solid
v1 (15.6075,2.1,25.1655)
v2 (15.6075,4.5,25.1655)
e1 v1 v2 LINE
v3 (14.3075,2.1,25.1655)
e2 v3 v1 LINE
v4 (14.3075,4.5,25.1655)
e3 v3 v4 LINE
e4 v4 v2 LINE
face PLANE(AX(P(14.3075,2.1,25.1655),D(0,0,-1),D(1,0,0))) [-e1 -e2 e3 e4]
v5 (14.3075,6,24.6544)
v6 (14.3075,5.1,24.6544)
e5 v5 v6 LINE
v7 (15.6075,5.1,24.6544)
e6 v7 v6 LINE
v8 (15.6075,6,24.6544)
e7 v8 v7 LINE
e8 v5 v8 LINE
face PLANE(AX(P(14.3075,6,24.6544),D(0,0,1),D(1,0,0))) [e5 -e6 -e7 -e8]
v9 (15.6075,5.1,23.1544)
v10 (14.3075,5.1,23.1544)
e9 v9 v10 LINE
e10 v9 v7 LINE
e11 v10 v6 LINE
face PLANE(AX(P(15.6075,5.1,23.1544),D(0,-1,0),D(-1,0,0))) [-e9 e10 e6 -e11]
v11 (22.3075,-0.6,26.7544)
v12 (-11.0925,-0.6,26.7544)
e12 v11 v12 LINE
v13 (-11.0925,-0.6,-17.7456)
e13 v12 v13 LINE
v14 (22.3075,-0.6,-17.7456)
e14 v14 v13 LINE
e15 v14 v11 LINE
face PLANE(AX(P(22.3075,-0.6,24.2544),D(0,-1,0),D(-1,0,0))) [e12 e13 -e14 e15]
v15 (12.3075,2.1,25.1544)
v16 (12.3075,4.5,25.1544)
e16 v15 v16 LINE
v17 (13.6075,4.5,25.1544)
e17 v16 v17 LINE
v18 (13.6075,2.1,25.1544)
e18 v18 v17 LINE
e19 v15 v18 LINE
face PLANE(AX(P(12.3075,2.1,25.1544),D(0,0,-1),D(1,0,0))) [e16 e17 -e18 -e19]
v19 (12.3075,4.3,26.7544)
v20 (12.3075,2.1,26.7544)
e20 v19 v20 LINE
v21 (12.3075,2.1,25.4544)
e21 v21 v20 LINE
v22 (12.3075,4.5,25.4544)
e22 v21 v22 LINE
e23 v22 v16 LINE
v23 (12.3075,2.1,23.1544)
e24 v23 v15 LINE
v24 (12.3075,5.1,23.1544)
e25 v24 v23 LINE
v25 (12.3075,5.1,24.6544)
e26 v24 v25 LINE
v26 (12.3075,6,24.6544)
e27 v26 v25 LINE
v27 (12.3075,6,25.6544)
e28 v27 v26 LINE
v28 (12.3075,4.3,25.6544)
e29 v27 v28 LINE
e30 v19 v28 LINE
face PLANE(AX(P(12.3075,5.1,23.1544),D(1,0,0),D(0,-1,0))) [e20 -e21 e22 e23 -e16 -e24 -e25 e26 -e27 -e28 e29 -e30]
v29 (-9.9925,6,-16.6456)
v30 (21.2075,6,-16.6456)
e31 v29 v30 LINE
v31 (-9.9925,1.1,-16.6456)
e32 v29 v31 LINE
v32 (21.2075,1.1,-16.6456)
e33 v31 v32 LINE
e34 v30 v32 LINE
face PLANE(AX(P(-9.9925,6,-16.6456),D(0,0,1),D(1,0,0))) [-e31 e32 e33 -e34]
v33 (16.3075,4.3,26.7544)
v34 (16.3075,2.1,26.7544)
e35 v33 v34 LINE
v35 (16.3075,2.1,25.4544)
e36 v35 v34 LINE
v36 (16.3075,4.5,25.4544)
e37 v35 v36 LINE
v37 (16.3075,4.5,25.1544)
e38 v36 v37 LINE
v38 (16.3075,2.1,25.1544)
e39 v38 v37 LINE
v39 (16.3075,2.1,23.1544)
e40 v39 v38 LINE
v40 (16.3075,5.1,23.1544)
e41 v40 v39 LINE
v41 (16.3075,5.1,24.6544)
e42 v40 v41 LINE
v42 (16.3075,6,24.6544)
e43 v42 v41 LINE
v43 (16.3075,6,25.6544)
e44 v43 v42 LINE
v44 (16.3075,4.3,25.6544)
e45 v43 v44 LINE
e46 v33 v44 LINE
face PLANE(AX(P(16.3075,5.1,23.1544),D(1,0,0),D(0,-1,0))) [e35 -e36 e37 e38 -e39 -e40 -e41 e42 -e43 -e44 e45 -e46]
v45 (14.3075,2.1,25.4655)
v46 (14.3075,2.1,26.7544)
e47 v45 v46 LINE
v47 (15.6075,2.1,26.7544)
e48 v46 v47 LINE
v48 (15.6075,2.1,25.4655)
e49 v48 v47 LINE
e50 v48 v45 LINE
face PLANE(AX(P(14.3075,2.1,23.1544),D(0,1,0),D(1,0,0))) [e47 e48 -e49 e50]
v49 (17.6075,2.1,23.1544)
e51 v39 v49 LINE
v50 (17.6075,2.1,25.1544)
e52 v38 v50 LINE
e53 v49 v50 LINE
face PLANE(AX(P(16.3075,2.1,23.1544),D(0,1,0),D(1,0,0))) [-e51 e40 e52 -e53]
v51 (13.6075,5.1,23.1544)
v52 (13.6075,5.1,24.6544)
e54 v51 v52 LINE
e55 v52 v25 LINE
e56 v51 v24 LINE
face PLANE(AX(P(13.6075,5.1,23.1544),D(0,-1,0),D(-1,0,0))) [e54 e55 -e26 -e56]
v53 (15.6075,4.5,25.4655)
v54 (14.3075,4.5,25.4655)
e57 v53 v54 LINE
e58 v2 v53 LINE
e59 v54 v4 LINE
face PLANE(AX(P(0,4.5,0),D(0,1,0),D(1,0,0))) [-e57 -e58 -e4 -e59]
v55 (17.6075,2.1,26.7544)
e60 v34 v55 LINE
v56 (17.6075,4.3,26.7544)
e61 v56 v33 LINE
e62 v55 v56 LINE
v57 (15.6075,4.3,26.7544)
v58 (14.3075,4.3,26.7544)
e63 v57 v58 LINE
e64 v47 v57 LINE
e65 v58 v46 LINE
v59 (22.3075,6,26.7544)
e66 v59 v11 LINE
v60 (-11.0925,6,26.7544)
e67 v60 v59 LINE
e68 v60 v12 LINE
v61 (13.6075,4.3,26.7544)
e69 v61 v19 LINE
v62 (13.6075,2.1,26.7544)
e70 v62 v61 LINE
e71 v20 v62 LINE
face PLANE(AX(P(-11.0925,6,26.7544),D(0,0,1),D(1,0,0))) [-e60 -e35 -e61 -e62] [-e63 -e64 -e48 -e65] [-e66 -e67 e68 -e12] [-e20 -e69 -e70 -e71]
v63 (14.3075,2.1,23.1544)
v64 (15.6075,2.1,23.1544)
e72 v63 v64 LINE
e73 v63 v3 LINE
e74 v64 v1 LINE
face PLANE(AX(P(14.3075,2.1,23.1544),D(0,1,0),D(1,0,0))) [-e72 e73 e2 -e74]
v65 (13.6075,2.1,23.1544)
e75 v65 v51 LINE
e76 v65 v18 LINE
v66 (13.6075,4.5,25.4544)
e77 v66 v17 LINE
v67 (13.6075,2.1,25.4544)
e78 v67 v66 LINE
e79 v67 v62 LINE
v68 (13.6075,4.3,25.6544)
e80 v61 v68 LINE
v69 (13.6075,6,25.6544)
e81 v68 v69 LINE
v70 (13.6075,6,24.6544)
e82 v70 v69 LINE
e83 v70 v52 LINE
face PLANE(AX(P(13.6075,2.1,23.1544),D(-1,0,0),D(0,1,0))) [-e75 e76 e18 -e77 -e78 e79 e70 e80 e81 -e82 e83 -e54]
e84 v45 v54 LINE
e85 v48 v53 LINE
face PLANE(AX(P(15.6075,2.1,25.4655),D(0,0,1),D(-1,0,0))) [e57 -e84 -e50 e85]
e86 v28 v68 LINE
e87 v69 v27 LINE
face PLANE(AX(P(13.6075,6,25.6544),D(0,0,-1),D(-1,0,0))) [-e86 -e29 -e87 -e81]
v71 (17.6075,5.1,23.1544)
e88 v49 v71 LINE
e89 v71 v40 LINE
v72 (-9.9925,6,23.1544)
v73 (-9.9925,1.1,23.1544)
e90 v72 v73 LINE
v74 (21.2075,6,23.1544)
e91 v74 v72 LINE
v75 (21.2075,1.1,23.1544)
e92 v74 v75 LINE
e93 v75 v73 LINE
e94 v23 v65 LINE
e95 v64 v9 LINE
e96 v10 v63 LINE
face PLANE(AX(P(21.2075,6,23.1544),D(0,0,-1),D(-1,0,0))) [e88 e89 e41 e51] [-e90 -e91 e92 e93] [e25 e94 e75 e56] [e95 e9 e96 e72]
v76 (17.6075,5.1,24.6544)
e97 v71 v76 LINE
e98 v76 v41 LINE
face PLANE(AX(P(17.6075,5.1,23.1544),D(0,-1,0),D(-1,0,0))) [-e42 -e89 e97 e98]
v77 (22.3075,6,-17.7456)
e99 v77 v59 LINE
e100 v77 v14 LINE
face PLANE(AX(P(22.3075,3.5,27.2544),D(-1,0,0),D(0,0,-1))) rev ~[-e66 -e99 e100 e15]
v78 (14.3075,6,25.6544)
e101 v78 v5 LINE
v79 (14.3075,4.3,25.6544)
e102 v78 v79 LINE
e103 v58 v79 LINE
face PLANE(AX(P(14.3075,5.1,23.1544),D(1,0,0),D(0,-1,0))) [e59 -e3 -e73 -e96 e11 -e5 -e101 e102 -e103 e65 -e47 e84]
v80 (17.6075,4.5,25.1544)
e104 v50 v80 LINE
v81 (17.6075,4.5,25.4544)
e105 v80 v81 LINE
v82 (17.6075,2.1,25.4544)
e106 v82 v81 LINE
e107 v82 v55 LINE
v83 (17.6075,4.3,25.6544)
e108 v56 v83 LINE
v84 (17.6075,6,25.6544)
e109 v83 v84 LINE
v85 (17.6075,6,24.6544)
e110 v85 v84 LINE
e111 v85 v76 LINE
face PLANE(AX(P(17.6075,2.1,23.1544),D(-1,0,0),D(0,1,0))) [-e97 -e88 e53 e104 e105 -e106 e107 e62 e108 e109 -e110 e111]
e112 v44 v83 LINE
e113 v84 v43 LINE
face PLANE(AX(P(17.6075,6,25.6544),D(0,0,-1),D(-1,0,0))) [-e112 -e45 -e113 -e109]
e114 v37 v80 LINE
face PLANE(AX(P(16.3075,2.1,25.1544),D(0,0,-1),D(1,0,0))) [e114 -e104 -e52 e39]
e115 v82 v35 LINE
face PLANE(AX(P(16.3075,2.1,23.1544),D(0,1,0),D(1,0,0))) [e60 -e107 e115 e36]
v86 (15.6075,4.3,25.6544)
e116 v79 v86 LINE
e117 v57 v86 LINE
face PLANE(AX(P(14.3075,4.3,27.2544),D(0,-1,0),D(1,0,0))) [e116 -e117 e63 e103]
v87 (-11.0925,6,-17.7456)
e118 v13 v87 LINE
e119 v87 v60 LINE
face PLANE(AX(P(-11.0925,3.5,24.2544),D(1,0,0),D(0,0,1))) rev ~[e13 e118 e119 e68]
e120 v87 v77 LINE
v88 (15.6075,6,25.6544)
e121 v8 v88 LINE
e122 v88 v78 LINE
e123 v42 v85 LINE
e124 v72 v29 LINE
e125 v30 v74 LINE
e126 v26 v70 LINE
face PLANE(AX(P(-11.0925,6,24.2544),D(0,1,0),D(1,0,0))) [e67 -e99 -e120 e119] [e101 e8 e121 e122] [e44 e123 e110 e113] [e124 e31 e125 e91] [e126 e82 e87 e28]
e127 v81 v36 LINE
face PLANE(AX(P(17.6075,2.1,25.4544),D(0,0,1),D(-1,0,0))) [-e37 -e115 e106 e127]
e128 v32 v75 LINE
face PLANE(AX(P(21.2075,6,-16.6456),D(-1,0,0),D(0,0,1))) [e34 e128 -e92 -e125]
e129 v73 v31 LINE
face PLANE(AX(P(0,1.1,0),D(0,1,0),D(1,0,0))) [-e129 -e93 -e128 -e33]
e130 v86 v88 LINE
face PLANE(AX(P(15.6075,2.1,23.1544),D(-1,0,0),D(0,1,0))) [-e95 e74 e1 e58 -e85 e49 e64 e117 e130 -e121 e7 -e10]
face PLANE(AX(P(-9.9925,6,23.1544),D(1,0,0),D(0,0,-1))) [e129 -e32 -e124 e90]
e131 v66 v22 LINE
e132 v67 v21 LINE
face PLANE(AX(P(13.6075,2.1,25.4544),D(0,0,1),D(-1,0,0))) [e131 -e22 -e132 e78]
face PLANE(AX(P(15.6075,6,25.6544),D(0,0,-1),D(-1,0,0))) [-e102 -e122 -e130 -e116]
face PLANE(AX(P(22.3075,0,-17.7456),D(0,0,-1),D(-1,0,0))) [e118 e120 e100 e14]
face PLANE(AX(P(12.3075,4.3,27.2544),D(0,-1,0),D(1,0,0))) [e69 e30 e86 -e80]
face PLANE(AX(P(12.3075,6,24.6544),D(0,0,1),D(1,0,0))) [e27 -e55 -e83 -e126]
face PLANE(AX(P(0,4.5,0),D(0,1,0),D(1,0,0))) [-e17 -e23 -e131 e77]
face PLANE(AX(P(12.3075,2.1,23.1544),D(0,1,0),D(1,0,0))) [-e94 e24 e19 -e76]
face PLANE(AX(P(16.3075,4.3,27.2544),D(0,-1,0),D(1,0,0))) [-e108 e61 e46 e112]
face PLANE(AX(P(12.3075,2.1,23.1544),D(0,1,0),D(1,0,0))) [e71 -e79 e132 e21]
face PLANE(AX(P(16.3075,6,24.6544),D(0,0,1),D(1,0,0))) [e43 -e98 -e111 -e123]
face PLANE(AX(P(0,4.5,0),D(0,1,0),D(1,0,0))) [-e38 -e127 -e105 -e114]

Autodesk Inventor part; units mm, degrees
ref_plane "YZ Plane" through (0, 0, 0) normal (1, 0, 0) x (0, 1, 0)
ref_plane "XZ Plane" through (0, 0, 0) normal (0, 1, 0) x (-1, 0, 0)
ref_plane "XY Plane" through (0, 0, 0) normal (0, 0, 1) x (1, 0, 0)
sketch "Sketch2" plane through (0, 0, 0) normal (0, 1, 0) x (-1, 0, 0)
  line L0 (11.0925, -17.7456) -> (-22.3075, -17.7456)
  line L1 (-22.3075, -17.7456) -> (-22.3075, 24.2544)
  line L2 (-22.3075, 24.2544) -> (11.0925, 24.2544)
  line L3 (11.0925, 24.2544) -> (11.0925, -17.7456)
  point P0 (0, 0)
  dimension "d2" = 42
  dimension "d3" = 33.4
extrude "Extrusion1" add sketch "Sketch2" along normal blind 6
sketch "Sketch3" plane through (0, 6, 0) normal (0, 1, 0) x (1, 0, 0)
  line L0 (-9.9925, 16.6456) -> (21.2075, 16.6456)
  line L1 (21.2075, 16.6456) -> (21.2075, -23.1544)
  line L2 (21.2075, -23.1544) -> (-9.9925, -23.1544)
  line L3 (-9.9925, -23.1544) -> (-9.9925, 16.6456)
  line L4 (22.3075, 17.7456) -> (-11.0925, 17.7456) projected
  line L5 (-11.0925, 17.7456) -> (-11.0925, -24.2544) projected
  line L6 (22.3075, -24.2544) -> (22.3075, 17.7456) projected
  line L7 (-11.0925, -24.2544) -> (22.3075, -24.2544) projected
  point P0 (0, 0)
  dimension "d6" = 1.1
  dimension "d7" = 1.1
  dimension "d8" = 1.1
  dimension "d9" = 1.1
  dimension "d10" = 39.8
extrude "Extrusion2" cut sketch "Sketch3" against normal blind 4.9 contours L0 L1 L2 L3
sketch "Sketch4" plane through (0, 0, 0) normal (0, -1, 0) x (1, 0, 0)
  line L0 (22.3075, -17.7456) -> (-11.0925, -17.7456) projected
  line L1 (-11.0925, -17.7456) -> (-11.0925, 24.2544) projected
  line L2 (22.3075, -17.7456) -> (-11.0925, -17.7456)
  line L3 (-11.0925, -17.7456) -> (-11.0925, 24.2544)
  line L4 (-11.0925, 24.2544) -> (22.3075, 24.2544)
  line L5 (22.3075, 24.2544) -> (22.3075, -17.7456)
  point P0 (0, 0)
extrude "Extrusion3" add sketch "Sketch4" along normal blind 0.6
sketch "Sketch5" plane through (-11.0925, 6, 24.2544) normal (0, 0, 1) x (1, 0, 0)
  line L0 (33.4, -6.6) -> (33.4, 0) projected
  line L1 (33.4, -6.6) -> (0, -6.6)
  line L2 (0, -6.6) -> (0, -2.5)
  line L3 (0, -2.5) -> (33.4, -2.5)
  line L4 (33.4, -2.5) -> (33.4, -6.6)
  point P0 (11.0925, -6)
  point P1 (33.4, -2.5)
extrude "Extrusion4" add sketch "Sketch5" along normal blind 3
sketch "Sketch6" plane through (21.2075, 6, 23.1544) normal (0, 0, -1) x (-1, 0, 0)
  line L0 (3.6, -0.9) -> (4.9, -0.9)
  line L1 (4.9, -0.9) -> (4.9, -3.9)
  line L2 (4.9, -3.9) -> (3.6, -3.9)
  line L3 (3.6, -3.9) -> (3.6, -0.9)
  line L4 (0, -4.9) -> (31.2, -4.9) projected
  line L5 (5.6, -0.9) -> (6.9, -0.9)
  line L6 (6.9, -0.9) -> (6.9, -3.9)
  line L7 (6.9, -3.9) -> (5.6, -3.9)
  line L8 (5.6, -3.9) -> (5.6, -0.9)
  line L9 (7.6, -0.9) -> (8.9, -0.9)
  line L10 (8.9, -0.9) -> (8.9, -3.9)
  line L11 (8.9, -3.9) -> (7.6, -3.9)
  line L12 (7.6, -3.9) -> (7.6, -0.9)
  point P0 (21.2075, -6)
  point P1 (0, 0)
  dimension "d17" = 3
  dimension "d18" = 1.3
  dimension "d19" = 3.6
  dimension "d20" = 1
  dimension "d23" = 3
  dimension "d24" = 1.3
  dimension "d25" = 3
  dimension "d26" = 1.3
  dimension "d27" = 1
  dimension "d28" = 1
  dimension "d29" = 0.7
  dimension "d30" = 0.7
sketch "Sketch7" plane through (-11.0925, 3.5, 24.2544) normal (0, 1, 0) x (1, 0, 0)
  line L0 (0, 0) -> (33.4, 0) projected
  line L1 (0, 42) -> (0, -3) projected
  line L2 (33.4, 0) -> (0, 0)
  line L3 (0, 0) -> (0, -3)
  line L4 (0, -3) -> (33.4, -3)
  line L5 (33.4, -3) -> (33.4, 0)
  point P0 (11.0925, 24.2544)
extrude "Extrusion5" add sketch "Sketch7" along normal blind 2.5
extrude "Extrusion6" cut sketch "Sketch6" against normal through all
sketch "Sketch8" plane through (0, 6, 0) normal (0, 1, 0) x (1, 0, 0)
  point P0 (0, 0)
sketch "Sketch9" plane through (16.3075, 2.1, 23.1544) normal (0, 1, 0) x (1, 0, 0)
  line L0 (1.3, 0) -> (1.3, -4.1) projected
  line L1 (0, 0) -> (0, -4.1) projected
  line L2 (1.3, -2.3) -> (0, -2.3)
  line L3 (0, -2.3) -> (0, -2)
  line L4 (0, -2) -> (1.3, -2)
  line L5 (1.3, -2) -> (1.3, -2.3)
  line L6 (0, 0) -> (1.3, 0) projected
  line L7 (-0.7, -2.3111) -> (-2, -2.3111)
  line L8 (-2, -2.3111) -> (-2, -2.0111)
  line L9 (-2, -2.0111) -> (-0.7, -2.0111)
  line L10 (-0.7, -2.0111) -> (-0.7, -2.3111)
  line L11 (-0.7, 0) -> (-0.7, -4.1) projected
  line L12 (-2, 0) -> (-0.7, 0) projected
  line L13 (-2.7, -2.3) -> (-4, -2.3)
  line L14 (-4, -2) -> (-2.7, -2)
  line L15 (-2.7, -2) -> (-2.7, -2.3)
  line L16 (-4, -2.3) -> (-4, -2)
  line L17 (-4, 0) -> (-2.7, 0) projected
  point P0 (-16.3075, 23.1544)
  point P1 (1.3, -2)
  point P2 (0, -2.3)
  dimension "d33" = 0.3
  dimension "d34" = 2
  dimension "d35" = 0.3
  dimension "d36" = 1.3
  dimension "d37" = 0
  dimension "d38" = 2.0111
  dimension "d39" = 0.3
  dimension "d40" = 1.3
  dimension "d41" = 0
  dimension "d42" = 2
extrude "Extrusion7" add sketch "Sketch9" along normal up to surface (3.9 mm away) contours L0 L2 L1 L4 | L7 L8 L9 L10 | L13 L16 L14 L15
sketch "Sketch10" plane through (0, 6, 0) normal (0, 1, 0) x (1, 0, 0)
  line L0 (17.6075, -25.6544) -> (16.3075, -25.6544)
  line L1 (16.3075, -25.6544) -> (16.3075, -24.6544)
  line L2 (16.3075, -24.6544) -> (17.6075, -24.6544)
  line L3 (17.6075, -24.6544) -> (17.6075, -25.6544)
  line L4 (21.2075, -23.1544) -> (-9.9925, -23.1544) projected
  line L5 (13.6075, -25.6544) -> (12.3075, -25.6544)
  line L6 (12.3075, -25.6544) -> (12.3075, -24.6544)
  line L7 (12.3075, -24.6544) -> (13.6075, -24.6544)
  line L8 (13.6075, -24.6544) -> (13.6075, -25.6544)
  line L9 (15.6075, -25.6544) -> (14.3075, -25.6544)
  line L10 (14.3075, -25.6544) -> (14.3075, -24.6544)
  line L11 (14.3075, -24.6544) -> (15.6075, -24.6544)
  line L12 (15.6075, -24.6544) -> (15.6075, -25.6544)
  line L13 (13.6075, -25.4544) -> (13.6075, -27.2544) projected
  point P0 (0, 0)
  point P1 (17.6075, -23.1544)
  point P2 (15.6075, -27.2544)
  dimension "d45" = 1.3
  dimension "d46" = 1
  dimension "d47" = 0
  dimension "d48" = 1.5
  dimension "d49" = 1.3
  dimension "d50" = 1
  dimension "d51" = 1.3
  dimension "d52" = 1
  dimension "d53" = 1.5
  dimension "d54" = 1.5
  dimension "d55" = 0
  dimension "d56" = 0
extrude "Extrusion8" cut sketch "Sketch10" against normal blind 1.5
sketch "Sketch11" plane through (-11.0925, 6, 27.2544) normal (0, 0, 1) x (1, 0, 0)
  line L0 (28.7, 0) -> (28.7, -0.9) projected
  line L1 (27.4, -3.9) -> (27.4, -0.9) projected
  line L2 (28.7, -0.9) -> (27.4, -0.9)
  line L3 (27.4, -0.9) -> (27.4, -1.7)
  line L4 (27.4, -1.7) -> (28.7, -1.7)
  line L5 (28.7, -1.7) -> (28.7, -0.9)
  line L6 (26.7, 0) -> (26.7, -0.9) projected
  line L7 (25.4, -3.9) -> (25.4, -1.5) projected
  line L8 (26.7, -0.9) -> (25.4, -0.9)
  line L9 (25.4, -0.9) -> (25.4, -1.7)
  line L10 (25.4, -1.7) -> (26.7, -1.7)
  line L11 (26.7, -1.7) -> (26.7, -0.9)
  line L12 (24.7, -0.9) -> (24.7, -3.9) projected
  line L13 (23.4, -3.9) -> (23.4, -0.9) projected
  line L14 (24.7, -0.9) -> (23.4, -0.9)
  line L15 (23.4, -0.9) -> (23.4, -1.7)
  line L16 (23.4, -1.7) -> (24.7, -1.7)
  line L17 (24.7, -1.7) -> (24.7, -0.9)
  point P0 (11.0925, -6)
  point P1 (24.7, -1.7)
  dimension "d59" = 0.8
extrude "Extrusion9" add sketch "Sketch11" against normal up to surface (1.6 mm away)
sketch "Sketch12" plane through (0, 6, 0) normal (0, 1, 0) x (1, 0, 0)
  line L0 (-11.0925, -27.2544) -> (22.3075, -27.2544) projected
  line L1 (-11.0925, 17.7456) -> (-11.0925, -27.2544) projected
  line L2 (22.3075, -27.2544) -> (-11.0925, -27.2544)
  line L3 (-11.0925, -27.2544) -> (-11.0925, -26.7544)
  line L4 (-11.0925, -26.7544) -> (22.3075, -26.7544)
  line L5 (22.3075, -26.7544) -> (22.3075, -27.2544)
  line L6 (17.6075, -25.6544) -> (16.3075, -25.6544) projected
  point P0 (0, 0)
  dimension "d62" = 1.1
extrude "Extrusion10" cut sketch "Sketch12" against normal through all
properties part number "battery-holder"
